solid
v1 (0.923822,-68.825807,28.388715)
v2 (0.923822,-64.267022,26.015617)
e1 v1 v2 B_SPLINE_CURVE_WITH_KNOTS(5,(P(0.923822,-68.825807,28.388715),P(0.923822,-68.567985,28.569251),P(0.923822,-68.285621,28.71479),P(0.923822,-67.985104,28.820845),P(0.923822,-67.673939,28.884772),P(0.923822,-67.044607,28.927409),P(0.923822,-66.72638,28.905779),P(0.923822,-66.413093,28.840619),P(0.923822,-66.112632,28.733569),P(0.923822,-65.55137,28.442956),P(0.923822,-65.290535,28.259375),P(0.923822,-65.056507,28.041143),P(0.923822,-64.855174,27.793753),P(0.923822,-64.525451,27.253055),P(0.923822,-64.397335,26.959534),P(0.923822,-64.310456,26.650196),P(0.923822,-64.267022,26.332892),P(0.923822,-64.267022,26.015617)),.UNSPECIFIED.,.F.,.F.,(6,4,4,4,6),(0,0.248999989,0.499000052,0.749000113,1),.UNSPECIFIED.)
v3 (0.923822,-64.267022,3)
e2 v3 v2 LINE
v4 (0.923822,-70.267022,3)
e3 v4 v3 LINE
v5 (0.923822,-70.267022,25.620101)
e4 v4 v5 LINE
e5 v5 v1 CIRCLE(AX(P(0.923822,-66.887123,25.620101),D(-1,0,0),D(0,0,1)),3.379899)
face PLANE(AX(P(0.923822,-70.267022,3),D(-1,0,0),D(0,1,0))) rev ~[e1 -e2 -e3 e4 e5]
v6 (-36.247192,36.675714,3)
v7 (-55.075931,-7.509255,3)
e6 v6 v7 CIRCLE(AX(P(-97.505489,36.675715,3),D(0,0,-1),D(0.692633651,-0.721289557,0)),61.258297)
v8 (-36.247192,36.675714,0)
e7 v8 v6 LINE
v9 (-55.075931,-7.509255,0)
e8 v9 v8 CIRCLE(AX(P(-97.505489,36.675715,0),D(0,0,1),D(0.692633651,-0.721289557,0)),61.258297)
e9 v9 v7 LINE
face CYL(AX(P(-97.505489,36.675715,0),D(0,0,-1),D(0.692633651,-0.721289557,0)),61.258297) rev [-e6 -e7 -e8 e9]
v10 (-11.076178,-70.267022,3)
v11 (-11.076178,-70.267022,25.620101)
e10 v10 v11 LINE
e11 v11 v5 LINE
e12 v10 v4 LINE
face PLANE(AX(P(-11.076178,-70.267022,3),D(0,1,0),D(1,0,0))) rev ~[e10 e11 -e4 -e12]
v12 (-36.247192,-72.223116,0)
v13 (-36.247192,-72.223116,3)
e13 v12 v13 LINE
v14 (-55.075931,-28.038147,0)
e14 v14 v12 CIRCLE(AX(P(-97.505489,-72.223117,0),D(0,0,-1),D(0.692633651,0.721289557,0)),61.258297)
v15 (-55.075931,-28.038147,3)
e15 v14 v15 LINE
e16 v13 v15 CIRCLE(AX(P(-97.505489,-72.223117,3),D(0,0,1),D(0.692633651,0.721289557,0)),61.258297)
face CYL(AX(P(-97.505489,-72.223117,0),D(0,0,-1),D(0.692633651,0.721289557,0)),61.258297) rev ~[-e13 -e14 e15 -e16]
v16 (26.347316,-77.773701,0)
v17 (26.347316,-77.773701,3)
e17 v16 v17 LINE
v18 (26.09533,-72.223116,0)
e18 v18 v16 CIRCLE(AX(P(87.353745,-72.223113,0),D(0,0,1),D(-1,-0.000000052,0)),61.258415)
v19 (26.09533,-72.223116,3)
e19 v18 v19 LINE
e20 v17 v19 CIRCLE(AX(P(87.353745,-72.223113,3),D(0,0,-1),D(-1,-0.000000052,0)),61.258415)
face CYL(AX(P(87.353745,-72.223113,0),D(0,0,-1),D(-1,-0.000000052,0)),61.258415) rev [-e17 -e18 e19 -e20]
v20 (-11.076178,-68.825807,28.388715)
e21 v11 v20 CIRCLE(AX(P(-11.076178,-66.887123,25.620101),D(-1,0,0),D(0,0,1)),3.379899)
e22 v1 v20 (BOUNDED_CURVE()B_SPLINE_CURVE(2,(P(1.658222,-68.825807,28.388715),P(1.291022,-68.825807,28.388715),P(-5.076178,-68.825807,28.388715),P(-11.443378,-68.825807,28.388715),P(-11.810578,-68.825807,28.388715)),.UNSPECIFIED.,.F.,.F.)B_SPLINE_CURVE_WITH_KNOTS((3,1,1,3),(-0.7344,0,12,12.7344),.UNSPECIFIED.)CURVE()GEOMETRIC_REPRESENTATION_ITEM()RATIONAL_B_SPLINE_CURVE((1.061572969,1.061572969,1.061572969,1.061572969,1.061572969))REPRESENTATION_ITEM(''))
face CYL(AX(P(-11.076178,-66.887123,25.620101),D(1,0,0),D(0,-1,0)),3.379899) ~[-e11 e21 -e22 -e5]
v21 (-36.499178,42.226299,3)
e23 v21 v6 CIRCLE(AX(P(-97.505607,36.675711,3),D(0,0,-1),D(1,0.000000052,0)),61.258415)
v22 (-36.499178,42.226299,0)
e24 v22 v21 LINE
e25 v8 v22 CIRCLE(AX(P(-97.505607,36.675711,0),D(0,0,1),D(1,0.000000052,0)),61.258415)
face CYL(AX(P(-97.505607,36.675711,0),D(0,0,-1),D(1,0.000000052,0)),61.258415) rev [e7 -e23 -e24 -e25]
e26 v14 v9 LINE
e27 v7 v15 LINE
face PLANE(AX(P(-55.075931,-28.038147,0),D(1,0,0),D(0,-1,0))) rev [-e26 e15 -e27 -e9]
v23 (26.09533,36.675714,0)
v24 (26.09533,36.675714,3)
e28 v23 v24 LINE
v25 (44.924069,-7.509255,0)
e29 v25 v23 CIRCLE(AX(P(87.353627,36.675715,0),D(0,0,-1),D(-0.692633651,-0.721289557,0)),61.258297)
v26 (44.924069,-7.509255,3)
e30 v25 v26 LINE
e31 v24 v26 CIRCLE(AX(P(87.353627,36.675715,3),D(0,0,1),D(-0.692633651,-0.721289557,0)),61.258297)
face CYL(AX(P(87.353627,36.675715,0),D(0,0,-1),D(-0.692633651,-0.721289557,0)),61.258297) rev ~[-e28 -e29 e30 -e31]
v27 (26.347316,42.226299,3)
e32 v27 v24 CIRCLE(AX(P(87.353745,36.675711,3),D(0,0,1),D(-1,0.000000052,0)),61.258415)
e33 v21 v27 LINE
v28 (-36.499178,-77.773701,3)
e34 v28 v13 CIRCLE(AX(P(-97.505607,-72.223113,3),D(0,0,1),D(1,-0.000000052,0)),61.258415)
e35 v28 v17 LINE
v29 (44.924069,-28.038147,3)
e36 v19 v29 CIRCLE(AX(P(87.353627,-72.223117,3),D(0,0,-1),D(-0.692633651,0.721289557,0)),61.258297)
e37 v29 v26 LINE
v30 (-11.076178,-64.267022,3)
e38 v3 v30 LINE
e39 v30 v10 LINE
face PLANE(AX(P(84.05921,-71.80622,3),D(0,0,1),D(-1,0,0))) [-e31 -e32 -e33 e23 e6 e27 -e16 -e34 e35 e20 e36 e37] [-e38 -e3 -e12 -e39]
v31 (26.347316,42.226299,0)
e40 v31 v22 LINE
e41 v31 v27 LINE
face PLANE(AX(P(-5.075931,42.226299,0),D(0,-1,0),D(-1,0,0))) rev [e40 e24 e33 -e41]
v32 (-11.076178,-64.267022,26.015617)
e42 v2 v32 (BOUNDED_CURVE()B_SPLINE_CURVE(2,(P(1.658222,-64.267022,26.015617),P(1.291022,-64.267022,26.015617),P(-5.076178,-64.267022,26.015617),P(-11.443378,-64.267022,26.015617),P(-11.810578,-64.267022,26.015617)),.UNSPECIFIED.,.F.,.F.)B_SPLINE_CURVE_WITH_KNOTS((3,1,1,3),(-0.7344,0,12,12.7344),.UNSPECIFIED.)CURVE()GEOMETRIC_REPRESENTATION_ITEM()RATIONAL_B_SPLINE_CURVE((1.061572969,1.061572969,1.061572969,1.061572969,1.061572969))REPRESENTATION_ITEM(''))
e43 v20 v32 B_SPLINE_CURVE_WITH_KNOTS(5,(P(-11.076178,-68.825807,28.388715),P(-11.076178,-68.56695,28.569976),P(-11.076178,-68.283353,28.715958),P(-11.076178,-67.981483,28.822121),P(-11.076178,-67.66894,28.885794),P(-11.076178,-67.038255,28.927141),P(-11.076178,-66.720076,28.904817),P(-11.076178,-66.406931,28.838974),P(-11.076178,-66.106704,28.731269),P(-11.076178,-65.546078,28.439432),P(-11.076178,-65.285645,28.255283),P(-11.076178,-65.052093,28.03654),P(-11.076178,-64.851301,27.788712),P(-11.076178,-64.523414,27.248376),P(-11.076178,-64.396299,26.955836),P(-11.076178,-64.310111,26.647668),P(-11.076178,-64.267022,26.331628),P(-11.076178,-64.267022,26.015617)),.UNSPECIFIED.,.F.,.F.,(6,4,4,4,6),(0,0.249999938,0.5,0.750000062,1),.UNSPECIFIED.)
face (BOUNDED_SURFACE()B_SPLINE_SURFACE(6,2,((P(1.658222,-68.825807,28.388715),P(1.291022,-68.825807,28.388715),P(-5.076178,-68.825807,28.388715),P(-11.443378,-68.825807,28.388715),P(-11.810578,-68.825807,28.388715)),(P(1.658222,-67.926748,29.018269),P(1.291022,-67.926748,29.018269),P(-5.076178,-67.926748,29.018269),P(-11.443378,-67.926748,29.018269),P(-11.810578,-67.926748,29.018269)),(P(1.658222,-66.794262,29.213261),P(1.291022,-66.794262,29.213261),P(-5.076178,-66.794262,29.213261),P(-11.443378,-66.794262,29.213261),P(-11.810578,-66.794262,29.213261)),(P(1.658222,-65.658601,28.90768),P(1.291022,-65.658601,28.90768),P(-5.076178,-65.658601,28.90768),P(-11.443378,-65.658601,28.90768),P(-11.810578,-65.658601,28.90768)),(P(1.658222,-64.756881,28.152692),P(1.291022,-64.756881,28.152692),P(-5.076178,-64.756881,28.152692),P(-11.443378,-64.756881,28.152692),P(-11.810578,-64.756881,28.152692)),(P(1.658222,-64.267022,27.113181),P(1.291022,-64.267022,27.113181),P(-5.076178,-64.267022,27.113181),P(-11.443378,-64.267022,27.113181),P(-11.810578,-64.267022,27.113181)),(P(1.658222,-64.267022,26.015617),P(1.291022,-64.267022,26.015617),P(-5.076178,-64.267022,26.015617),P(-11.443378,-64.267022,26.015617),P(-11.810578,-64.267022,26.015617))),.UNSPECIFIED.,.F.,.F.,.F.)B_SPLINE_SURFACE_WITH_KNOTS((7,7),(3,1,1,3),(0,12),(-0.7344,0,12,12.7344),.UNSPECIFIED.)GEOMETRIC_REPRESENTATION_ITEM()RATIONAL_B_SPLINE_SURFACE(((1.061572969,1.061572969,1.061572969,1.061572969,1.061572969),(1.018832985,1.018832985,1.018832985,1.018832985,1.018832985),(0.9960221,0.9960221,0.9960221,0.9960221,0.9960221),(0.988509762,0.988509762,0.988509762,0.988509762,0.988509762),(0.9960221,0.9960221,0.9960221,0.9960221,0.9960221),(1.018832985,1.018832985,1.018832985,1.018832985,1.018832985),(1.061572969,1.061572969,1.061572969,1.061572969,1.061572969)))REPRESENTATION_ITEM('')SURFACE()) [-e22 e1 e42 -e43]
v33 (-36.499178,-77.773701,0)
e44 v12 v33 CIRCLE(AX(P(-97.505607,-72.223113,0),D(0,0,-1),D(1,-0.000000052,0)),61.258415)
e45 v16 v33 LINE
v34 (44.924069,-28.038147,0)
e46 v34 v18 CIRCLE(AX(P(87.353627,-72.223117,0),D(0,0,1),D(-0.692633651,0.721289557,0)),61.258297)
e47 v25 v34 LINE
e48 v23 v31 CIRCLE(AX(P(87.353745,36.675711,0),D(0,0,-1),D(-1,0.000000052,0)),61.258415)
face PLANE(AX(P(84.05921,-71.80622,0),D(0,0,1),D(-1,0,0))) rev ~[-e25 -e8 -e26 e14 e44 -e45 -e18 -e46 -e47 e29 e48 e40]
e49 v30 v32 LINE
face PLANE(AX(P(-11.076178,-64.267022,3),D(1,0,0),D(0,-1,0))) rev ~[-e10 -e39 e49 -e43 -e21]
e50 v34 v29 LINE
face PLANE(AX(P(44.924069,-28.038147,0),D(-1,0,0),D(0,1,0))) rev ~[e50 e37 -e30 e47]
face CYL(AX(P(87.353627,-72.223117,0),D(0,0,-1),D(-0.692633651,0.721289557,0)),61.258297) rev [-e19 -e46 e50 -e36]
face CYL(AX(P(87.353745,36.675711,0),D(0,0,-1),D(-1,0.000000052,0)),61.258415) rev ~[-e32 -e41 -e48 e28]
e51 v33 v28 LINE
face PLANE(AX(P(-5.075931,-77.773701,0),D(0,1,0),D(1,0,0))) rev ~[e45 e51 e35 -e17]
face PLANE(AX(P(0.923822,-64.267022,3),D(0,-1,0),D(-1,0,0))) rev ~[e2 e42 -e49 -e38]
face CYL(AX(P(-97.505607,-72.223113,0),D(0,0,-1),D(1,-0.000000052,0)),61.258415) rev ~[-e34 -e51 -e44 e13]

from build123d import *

# Parameters (mm, degrees)
F1_DEPTH = 3
F2_DEPTH = 57
F6_DEPTH = 26
F7_R     = 3.379899
F8_R     = 2.897056


with BuildPart() as f1:
    # F0 (on Top) → F1 (new body)
    with BuildSketch(Plane.XY):
        with BuildLine():
            Line((-55.075931, -7.509255), (-55.075931, 42.226299))
            Line((-55.075931, 42.226299), (-36.499178, 42.226299))
            ThreePointArc((-36.499178, 42.226299), (-154.89147, 58.109982), (-55.075931, -7.509255))
        make_face()
        with BuildLine():
            Line((-36.499178, 42.226299), (-55.075931, 42.226299))
            Line((-55.075931, 42.226299), (-55.075931, -7.509255))
            ThreePointArc((-55.075931, -7.509255), (-41.150625, 12.660964), (-36.247192, 36.675714))
            ThreePointArc((-36.247192, 36.675714), (-36.310221, 39.453865), (-36.499178, 42.226299))
        make_face()
        with BuildLine():
            Line((-5.075931, 42.226299), (-36.499178, 42.226299))
            ThreePointArc((-36.499178, 42.226299), (-36.310221, 39.453865), (-36.247192, 36.675714))
            ThreePointArc((-36.247192, 36.675714), (-41.150625, 12.660964), (-55.075931, -7.509255))
            Line((-55.075931, -7.509255), (-55.075931, -17.773701))
            Line((-55.075931, -17.773701), (-5.075931, -17.773701))
            Line((-5.075931, -17.773701), (-5.075931, 42.226299))
        make_face()
    extrude(amount=F1_DEPTH)

    # F0 (on Top) → F2 (cut)
    with BuildSketch(Plane.XY):
        with BuildLine():
            Line((-36.499178, 42.226299), (-55.075931, 42.226299))
            Line((-55.075931, 42.226299), (-55.075931, -7.509255))
            ThreePointArc((-55.075931, -7.509255), (-41.150625, 12.660964), (-36.247192, 36.675714))
            ThreePointArc((-36.247192, 36.675714), (-36.310221, 39.453865), (-36.499178, 42.226299))
        make_face()
        with BuildLine():
            Line((-55.075931, -7.509255), (-55.075931, 42.226299))
            Line((-55.075931, 42.226299), (-36.499178, 42.226299))
            ThreePointArc((-36.499178, 42.226299), (-154.89147, 58.109982), (-55.075931, -7.509255))
        make_face()
    extrude(amount=F2_DEPTH, mode=Mode.SUBTRACT)

    # F3: F1 across face


with BuildPart() as f1_1:
    add(f1.part)
    add(f1.part.mirror(Plane(origin=(-5.075931, 12.226299, 1.5), x_dir=(0, 1, 0), z_dir=(1, 0, 0))))

    # F4: F1 across face


with BuildPart() as f1_2:
    add(f1_1.part)
    add(f1_1.part.mirror(Plane(origin=(-5.075931, -17.773701, 1.5), x_dir=(1, 0, 0), z_dir=(0, -1, 0))))

    # F5 (on face) → F6 (join)
    with BuildSketch(Plane.XY.offset(3)):
        Polygon((-11.076178, -70.267022), (-5.076178, -70.267022), (0.923822, -70.267022), (0.923822, -64.267022), (-5.076178, -64.267022), (-11.076178, -64.267022), align=None)
    extrude(amount=F6_DEPTH)

    # F7
    f7_edges = [f1_2.edges().sort_by_distance(p)[0] for p in [
        (-5.076178, -70.267022, 29),
    ]]
    fillet(f7_edges, radius=F7_R)

    # F8
    f8_edges = [f1_2.edges().sort_by_distance(p)[0] for p in [
        (-5.076178, -64.267022, 29),
    ]]
    fillet(f8_edges, radius=F8_R)


solid = f1_2.part
